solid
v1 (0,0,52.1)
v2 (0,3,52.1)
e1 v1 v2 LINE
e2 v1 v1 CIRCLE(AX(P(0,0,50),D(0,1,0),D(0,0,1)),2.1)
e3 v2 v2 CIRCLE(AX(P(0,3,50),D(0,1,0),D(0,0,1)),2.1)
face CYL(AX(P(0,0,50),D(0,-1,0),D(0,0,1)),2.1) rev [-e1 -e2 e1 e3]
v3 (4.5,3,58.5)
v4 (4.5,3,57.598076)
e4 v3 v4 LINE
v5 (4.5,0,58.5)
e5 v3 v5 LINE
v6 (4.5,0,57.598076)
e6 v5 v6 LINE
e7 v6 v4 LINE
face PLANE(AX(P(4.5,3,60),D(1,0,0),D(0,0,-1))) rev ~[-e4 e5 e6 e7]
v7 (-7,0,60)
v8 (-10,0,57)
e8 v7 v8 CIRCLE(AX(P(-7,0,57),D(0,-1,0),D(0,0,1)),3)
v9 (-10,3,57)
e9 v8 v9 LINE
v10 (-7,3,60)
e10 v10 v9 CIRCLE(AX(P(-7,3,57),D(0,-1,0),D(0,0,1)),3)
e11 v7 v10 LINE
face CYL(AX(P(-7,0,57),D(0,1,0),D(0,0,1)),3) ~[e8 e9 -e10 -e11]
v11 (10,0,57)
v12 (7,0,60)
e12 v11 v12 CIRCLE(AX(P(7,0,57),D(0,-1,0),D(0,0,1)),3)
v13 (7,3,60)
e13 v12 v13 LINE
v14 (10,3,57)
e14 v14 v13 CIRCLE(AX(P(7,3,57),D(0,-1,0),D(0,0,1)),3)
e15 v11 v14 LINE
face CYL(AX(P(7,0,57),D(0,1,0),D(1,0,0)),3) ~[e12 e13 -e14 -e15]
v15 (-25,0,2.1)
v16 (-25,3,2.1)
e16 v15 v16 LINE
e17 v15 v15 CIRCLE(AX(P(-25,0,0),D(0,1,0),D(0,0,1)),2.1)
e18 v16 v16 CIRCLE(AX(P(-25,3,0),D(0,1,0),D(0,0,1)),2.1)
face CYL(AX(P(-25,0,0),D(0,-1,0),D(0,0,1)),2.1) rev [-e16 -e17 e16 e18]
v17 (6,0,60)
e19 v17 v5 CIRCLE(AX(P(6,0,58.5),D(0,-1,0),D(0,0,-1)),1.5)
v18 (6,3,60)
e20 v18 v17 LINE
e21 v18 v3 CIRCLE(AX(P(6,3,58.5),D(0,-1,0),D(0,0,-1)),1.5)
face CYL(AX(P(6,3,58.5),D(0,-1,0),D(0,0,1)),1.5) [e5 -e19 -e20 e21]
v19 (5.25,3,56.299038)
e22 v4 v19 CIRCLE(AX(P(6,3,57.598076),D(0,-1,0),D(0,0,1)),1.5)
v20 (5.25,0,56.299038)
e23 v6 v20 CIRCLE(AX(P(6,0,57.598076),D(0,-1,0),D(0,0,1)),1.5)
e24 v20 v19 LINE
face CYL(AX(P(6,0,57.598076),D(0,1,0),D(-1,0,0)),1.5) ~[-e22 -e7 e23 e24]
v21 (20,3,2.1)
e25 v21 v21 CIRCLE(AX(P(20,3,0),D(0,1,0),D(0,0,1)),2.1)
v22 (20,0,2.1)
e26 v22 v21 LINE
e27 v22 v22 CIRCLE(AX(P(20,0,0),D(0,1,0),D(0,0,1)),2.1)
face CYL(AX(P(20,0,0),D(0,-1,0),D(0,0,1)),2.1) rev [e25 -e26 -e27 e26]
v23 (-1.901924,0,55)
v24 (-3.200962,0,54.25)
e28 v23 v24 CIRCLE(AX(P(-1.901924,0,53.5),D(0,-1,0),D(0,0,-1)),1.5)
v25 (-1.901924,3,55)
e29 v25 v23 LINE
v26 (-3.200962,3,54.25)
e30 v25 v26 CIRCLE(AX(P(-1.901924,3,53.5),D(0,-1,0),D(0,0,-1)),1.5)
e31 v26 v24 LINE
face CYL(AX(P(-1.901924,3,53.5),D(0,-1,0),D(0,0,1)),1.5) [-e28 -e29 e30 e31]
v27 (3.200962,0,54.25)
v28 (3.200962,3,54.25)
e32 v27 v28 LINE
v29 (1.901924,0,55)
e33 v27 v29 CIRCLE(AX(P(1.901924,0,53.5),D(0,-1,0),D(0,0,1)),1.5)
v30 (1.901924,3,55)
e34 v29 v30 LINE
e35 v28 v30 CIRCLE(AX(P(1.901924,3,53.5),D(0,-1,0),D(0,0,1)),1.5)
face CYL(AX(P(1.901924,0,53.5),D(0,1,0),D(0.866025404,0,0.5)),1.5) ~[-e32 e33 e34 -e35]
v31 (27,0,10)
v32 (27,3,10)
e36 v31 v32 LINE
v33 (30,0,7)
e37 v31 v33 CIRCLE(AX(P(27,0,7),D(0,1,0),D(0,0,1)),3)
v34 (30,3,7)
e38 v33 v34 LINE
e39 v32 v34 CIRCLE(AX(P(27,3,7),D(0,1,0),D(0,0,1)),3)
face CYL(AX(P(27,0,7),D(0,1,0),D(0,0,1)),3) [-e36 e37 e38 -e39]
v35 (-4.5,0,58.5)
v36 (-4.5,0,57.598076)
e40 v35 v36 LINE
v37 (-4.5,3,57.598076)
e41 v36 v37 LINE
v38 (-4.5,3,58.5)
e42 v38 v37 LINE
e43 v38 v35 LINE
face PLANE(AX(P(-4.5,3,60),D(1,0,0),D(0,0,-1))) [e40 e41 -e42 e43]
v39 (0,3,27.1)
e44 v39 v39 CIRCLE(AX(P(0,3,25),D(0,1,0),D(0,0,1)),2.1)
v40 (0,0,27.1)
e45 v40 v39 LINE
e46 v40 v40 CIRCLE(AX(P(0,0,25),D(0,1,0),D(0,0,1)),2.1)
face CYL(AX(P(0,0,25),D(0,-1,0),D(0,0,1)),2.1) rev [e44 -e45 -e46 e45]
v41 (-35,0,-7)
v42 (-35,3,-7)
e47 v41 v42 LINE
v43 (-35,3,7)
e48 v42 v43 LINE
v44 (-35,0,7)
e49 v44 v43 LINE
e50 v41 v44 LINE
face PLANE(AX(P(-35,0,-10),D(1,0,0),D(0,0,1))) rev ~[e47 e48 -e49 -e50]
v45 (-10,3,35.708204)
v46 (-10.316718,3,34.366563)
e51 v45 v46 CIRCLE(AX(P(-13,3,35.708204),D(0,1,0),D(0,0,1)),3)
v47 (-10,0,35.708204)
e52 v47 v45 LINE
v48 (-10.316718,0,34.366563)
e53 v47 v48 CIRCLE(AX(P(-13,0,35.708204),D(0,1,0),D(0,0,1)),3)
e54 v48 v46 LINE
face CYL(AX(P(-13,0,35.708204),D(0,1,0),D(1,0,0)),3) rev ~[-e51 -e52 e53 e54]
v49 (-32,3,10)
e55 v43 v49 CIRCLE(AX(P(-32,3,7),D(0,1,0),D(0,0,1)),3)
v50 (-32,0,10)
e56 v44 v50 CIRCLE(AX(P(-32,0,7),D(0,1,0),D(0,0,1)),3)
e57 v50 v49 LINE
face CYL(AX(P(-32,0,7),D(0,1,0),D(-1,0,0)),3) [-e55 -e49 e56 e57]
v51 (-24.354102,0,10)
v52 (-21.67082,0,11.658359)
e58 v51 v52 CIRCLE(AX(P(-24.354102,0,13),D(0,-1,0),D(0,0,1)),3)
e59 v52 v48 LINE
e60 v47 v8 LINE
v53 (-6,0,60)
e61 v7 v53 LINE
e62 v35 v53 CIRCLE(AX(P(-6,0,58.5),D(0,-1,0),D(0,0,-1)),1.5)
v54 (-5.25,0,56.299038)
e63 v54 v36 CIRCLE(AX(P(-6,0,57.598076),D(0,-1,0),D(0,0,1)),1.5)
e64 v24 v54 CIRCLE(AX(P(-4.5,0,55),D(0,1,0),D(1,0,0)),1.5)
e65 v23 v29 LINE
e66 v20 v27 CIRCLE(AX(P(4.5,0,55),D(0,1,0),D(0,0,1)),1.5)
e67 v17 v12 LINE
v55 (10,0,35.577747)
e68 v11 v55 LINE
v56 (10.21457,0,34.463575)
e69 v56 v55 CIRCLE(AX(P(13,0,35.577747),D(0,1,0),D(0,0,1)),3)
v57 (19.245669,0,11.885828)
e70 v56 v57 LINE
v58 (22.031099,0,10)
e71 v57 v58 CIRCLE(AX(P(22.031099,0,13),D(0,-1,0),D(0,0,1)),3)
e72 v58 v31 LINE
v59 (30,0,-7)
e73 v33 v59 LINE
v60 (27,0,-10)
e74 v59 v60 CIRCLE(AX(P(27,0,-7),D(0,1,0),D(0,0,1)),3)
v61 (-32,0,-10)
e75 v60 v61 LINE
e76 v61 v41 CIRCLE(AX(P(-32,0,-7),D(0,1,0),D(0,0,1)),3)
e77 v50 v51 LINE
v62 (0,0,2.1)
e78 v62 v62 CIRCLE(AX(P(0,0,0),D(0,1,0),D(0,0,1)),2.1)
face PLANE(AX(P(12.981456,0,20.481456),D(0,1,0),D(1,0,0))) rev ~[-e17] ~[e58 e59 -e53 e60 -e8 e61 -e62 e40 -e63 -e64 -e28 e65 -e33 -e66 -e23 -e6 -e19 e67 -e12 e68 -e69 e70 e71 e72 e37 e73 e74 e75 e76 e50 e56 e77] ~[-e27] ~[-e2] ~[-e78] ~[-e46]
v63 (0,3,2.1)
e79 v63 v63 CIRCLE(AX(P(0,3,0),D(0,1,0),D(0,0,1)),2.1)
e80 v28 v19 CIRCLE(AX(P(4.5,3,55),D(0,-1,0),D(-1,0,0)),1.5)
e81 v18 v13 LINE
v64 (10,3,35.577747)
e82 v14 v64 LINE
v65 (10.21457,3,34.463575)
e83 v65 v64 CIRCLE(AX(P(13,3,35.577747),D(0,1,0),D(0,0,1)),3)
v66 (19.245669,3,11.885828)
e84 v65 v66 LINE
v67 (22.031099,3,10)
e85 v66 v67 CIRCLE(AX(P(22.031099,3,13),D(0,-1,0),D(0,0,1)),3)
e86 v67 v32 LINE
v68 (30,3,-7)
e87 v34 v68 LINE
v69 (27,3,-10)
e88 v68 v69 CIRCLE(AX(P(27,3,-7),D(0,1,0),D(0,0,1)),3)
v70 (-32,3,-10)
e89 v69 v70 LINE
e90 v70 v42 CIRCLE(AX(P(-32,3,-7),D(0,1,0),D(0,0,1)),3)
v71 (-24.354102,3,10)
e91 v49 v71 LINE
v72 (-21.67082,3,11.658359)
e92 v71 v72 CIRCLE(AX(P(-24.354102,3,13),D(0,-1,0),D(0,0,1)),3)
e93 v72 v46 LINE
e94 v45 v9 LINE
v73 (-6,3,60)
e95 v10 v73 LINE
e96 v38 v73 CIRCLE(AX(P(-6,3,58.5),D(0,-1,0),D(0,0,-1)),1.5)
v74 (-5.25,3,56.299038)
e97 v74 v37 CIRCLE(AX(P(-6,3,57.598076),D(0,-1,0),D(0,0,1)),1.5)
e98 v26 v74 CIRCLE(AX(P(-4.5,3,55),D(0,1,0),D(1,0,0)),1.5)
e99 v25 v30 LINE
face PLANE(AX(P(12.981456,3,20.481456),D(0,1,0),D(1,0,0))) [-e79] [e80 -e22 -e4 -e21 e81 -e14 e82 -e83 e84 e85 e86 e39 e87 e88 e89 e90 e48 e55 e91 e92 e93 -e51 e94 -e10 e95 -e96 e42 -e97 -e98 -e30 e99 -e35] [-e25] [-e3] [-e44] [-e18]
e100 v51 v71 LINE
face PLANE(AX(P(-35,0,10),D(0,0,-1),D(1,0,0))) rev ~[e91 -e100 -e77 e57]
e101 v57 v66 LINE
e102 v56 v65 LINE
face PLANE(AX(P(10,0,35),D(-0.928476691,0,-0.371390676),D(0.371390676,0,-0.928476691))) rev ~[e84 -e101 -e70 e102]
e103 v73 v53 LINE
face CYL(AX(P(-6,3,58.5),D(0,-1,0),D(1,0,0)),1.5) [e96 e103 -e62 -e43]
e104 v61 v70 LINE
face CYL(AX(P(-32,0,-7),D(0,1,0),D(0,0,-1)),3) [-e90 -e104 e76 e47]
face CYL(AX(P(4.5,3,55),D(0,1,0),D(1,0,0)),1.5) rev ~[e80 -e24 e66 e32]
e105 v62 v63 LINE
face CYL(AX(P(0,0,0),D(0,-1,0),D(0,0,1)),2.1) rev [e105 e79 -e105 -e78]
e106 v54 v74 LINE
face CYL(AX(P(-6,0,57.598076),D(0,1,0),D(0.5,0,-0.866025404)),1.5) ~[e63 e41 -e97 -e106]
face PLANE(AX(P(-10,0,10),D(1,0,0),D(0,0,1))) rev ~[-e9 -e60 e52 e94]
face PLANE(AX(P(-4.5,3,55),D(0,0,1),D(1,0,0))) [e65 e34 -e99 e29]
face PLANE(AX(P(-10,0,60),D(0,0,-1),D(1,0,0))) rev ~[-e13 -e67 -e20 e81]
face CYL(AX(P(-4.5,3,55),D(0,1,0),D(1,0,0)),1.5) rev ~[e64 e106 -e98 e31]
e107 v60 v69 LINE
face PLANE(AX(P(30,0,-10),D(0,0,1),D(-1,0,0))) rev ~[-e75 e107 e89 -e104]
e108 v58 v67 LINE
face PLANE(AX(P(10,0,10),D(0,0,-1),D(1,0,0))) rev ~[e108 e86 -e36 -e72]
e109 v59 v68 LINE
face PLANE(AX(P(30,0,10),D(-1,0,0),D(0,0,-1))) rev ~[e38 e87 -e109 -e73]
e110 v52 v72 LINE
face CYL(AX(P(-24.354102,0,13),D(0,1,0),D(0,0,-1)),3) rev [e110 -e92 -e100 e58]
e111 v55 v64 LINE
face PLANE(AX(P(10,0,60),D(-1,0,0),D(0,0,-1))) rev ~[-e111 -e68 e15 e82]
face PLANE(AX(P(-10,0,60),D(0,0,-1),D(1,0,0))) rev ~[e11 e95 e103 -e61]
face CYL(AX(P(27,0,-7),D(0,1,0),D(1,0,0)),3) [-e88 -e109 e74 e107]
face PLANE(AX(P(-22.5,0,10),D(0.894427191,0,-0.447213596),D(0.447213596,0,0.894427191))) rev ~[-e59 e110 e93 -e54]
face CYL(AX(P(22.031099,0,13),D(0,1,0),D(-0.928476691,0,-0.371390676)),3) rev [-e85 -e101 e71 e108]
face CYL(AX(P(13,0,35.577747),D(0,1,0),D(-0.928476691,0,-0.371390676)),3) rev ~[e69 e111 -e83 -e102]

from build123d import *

# Parameters (mm, degrees)
SKETCH_1_R          = 2.1
EXTRUDE_1_DEPTH     = 3
FILLET_1_R          = 3
SKETCH_2_W          = 9
SKETCH_2_H          = 5
CUT_EXTRUDE_1_DEPTH = 3
SKETCH_3_R          = 1.5
CUT_EXTRUDE_2_DEPTH = 10
FILLET_2_R          = 1.5


with BuildPart() as part:
    # 草图1 → 凸台-拉伸1 (new body)
    # profile 1 of 3: a face of its own
    with BuildSketch(Plane(origin=(0, 0, 0), x_dir=(1, 0, 0), z_dir=(0, 1, 0))):
        Polygon((10, -10), (30, -10), (30, 10), (-35, 10), (-35, -10), (-10, -10), (-10, -60), (10, -60), align=None)
        with Locations(Location((0, -50, 0), (0, 0, 270))):
            Circle(SKETCH_1_R, mode=Mode.SUBTRACT)
        with Locations(Location((0, -25, 0), (0, 0, 270))):
            Circle(SKETCH_1_R, mode=Mode.SUBTRACT)
        with Locations(Location((-25, 0, 0), (0, 0, 270))):
            Circle(SKETCH_1_R, mode=Mode.SUBTRACT)
        with Locations(Location((20, 0, 0), (0, 0, 270))):
            Circle(SKETCH_1_R, mode=Mode.SUBTRACT)
        with Locations(Location((0, 0, 0), (0, 0, 270))):
            Circle(SKETCH_1_R, mode=Mode.SUBTRACT)
    # profile 2 of 3: a face of its own
    with BuildSketch(Plane(origin=(0, 0, 0), x_dir=(1, 0, 0), z_dir=(0, 1, 0))):
        Polygon((-10, -10), (-22.5, -10), (-10, -35), align=None)
    # profile 3 of 3: a face of its own
    with BuildSketch(Plane(origin=(0, 0, 0), x_dir=(1, 0, 0), z_dir=(0, 1, 0))):
        Polygon((10, -35), (20, -10), (10, -10), align=None)
    extrude(amount=EXTRUDE_1_DEPTH)

    # 圆角1
    fillet_1_edges = [part.edges().sort_by_distance(p)[0] for p in [
        (10, 1.5, 35),
        (10, 1.5, 60),
        (-10, 1.5, 60),
        (-10, 1.5, 35),
        (-22.5, 1.5, 10),
        (-35, 1.5, 10),
        (-35, 1.5, -10),
        (30, 1.5, -10),
        (30, 1.5, 10),
        (20, 1.5, 10),
    ]]
    fillet(fillet_1_edges, radius=FILLET_1_R)

    # 草图2 → 切除-拉伸1 (cut)
    with BuildSketch(Plane(origin=(0, 3, 0), x_dir=(1, 0, 0), z_dir=(0, 1, 0))):
        with Locations((0, -57.5)):
            Rectangle(SKETCH_2_W, SKETCH_2_H)
    extrude(amount=-CUT_EXTRUDE_1_DEPTH, mode=Mode.SUBTRACT)

    # 草图3 → 切除-拉伸2 (cut)
    with BuildSketch(Plane(origin=(0, 3, 0), x_dir=(1, 0, 0), z_dir=(0, 1, 0))):
        with Locations((-4.5, -55)):
            Circle(SKETCH_3_R)
        with Locations((4.5, -55)):
            Circle(SKETCH_3_R)
    extrude(amount=-CUT_EXTRUDE_2_DEPTH, mode=Mode.SUBTRACT)

    # 圆角2
    fillet_2_edges = [part.edges().sort_by_distance(p)[0] for p in [
        (-4.5, 1.5, 60),
        (4.5, 1.5, 60),
        (4.5, 1.5, 56.5),
        (-3, 1.5, 55),
        (-4.5, 1.5, 56.5),
        (3, 1.5, 55),
    ]]
    fillet(fillet_2_edges, radius=FILLET_2_R)


solid = part.part
